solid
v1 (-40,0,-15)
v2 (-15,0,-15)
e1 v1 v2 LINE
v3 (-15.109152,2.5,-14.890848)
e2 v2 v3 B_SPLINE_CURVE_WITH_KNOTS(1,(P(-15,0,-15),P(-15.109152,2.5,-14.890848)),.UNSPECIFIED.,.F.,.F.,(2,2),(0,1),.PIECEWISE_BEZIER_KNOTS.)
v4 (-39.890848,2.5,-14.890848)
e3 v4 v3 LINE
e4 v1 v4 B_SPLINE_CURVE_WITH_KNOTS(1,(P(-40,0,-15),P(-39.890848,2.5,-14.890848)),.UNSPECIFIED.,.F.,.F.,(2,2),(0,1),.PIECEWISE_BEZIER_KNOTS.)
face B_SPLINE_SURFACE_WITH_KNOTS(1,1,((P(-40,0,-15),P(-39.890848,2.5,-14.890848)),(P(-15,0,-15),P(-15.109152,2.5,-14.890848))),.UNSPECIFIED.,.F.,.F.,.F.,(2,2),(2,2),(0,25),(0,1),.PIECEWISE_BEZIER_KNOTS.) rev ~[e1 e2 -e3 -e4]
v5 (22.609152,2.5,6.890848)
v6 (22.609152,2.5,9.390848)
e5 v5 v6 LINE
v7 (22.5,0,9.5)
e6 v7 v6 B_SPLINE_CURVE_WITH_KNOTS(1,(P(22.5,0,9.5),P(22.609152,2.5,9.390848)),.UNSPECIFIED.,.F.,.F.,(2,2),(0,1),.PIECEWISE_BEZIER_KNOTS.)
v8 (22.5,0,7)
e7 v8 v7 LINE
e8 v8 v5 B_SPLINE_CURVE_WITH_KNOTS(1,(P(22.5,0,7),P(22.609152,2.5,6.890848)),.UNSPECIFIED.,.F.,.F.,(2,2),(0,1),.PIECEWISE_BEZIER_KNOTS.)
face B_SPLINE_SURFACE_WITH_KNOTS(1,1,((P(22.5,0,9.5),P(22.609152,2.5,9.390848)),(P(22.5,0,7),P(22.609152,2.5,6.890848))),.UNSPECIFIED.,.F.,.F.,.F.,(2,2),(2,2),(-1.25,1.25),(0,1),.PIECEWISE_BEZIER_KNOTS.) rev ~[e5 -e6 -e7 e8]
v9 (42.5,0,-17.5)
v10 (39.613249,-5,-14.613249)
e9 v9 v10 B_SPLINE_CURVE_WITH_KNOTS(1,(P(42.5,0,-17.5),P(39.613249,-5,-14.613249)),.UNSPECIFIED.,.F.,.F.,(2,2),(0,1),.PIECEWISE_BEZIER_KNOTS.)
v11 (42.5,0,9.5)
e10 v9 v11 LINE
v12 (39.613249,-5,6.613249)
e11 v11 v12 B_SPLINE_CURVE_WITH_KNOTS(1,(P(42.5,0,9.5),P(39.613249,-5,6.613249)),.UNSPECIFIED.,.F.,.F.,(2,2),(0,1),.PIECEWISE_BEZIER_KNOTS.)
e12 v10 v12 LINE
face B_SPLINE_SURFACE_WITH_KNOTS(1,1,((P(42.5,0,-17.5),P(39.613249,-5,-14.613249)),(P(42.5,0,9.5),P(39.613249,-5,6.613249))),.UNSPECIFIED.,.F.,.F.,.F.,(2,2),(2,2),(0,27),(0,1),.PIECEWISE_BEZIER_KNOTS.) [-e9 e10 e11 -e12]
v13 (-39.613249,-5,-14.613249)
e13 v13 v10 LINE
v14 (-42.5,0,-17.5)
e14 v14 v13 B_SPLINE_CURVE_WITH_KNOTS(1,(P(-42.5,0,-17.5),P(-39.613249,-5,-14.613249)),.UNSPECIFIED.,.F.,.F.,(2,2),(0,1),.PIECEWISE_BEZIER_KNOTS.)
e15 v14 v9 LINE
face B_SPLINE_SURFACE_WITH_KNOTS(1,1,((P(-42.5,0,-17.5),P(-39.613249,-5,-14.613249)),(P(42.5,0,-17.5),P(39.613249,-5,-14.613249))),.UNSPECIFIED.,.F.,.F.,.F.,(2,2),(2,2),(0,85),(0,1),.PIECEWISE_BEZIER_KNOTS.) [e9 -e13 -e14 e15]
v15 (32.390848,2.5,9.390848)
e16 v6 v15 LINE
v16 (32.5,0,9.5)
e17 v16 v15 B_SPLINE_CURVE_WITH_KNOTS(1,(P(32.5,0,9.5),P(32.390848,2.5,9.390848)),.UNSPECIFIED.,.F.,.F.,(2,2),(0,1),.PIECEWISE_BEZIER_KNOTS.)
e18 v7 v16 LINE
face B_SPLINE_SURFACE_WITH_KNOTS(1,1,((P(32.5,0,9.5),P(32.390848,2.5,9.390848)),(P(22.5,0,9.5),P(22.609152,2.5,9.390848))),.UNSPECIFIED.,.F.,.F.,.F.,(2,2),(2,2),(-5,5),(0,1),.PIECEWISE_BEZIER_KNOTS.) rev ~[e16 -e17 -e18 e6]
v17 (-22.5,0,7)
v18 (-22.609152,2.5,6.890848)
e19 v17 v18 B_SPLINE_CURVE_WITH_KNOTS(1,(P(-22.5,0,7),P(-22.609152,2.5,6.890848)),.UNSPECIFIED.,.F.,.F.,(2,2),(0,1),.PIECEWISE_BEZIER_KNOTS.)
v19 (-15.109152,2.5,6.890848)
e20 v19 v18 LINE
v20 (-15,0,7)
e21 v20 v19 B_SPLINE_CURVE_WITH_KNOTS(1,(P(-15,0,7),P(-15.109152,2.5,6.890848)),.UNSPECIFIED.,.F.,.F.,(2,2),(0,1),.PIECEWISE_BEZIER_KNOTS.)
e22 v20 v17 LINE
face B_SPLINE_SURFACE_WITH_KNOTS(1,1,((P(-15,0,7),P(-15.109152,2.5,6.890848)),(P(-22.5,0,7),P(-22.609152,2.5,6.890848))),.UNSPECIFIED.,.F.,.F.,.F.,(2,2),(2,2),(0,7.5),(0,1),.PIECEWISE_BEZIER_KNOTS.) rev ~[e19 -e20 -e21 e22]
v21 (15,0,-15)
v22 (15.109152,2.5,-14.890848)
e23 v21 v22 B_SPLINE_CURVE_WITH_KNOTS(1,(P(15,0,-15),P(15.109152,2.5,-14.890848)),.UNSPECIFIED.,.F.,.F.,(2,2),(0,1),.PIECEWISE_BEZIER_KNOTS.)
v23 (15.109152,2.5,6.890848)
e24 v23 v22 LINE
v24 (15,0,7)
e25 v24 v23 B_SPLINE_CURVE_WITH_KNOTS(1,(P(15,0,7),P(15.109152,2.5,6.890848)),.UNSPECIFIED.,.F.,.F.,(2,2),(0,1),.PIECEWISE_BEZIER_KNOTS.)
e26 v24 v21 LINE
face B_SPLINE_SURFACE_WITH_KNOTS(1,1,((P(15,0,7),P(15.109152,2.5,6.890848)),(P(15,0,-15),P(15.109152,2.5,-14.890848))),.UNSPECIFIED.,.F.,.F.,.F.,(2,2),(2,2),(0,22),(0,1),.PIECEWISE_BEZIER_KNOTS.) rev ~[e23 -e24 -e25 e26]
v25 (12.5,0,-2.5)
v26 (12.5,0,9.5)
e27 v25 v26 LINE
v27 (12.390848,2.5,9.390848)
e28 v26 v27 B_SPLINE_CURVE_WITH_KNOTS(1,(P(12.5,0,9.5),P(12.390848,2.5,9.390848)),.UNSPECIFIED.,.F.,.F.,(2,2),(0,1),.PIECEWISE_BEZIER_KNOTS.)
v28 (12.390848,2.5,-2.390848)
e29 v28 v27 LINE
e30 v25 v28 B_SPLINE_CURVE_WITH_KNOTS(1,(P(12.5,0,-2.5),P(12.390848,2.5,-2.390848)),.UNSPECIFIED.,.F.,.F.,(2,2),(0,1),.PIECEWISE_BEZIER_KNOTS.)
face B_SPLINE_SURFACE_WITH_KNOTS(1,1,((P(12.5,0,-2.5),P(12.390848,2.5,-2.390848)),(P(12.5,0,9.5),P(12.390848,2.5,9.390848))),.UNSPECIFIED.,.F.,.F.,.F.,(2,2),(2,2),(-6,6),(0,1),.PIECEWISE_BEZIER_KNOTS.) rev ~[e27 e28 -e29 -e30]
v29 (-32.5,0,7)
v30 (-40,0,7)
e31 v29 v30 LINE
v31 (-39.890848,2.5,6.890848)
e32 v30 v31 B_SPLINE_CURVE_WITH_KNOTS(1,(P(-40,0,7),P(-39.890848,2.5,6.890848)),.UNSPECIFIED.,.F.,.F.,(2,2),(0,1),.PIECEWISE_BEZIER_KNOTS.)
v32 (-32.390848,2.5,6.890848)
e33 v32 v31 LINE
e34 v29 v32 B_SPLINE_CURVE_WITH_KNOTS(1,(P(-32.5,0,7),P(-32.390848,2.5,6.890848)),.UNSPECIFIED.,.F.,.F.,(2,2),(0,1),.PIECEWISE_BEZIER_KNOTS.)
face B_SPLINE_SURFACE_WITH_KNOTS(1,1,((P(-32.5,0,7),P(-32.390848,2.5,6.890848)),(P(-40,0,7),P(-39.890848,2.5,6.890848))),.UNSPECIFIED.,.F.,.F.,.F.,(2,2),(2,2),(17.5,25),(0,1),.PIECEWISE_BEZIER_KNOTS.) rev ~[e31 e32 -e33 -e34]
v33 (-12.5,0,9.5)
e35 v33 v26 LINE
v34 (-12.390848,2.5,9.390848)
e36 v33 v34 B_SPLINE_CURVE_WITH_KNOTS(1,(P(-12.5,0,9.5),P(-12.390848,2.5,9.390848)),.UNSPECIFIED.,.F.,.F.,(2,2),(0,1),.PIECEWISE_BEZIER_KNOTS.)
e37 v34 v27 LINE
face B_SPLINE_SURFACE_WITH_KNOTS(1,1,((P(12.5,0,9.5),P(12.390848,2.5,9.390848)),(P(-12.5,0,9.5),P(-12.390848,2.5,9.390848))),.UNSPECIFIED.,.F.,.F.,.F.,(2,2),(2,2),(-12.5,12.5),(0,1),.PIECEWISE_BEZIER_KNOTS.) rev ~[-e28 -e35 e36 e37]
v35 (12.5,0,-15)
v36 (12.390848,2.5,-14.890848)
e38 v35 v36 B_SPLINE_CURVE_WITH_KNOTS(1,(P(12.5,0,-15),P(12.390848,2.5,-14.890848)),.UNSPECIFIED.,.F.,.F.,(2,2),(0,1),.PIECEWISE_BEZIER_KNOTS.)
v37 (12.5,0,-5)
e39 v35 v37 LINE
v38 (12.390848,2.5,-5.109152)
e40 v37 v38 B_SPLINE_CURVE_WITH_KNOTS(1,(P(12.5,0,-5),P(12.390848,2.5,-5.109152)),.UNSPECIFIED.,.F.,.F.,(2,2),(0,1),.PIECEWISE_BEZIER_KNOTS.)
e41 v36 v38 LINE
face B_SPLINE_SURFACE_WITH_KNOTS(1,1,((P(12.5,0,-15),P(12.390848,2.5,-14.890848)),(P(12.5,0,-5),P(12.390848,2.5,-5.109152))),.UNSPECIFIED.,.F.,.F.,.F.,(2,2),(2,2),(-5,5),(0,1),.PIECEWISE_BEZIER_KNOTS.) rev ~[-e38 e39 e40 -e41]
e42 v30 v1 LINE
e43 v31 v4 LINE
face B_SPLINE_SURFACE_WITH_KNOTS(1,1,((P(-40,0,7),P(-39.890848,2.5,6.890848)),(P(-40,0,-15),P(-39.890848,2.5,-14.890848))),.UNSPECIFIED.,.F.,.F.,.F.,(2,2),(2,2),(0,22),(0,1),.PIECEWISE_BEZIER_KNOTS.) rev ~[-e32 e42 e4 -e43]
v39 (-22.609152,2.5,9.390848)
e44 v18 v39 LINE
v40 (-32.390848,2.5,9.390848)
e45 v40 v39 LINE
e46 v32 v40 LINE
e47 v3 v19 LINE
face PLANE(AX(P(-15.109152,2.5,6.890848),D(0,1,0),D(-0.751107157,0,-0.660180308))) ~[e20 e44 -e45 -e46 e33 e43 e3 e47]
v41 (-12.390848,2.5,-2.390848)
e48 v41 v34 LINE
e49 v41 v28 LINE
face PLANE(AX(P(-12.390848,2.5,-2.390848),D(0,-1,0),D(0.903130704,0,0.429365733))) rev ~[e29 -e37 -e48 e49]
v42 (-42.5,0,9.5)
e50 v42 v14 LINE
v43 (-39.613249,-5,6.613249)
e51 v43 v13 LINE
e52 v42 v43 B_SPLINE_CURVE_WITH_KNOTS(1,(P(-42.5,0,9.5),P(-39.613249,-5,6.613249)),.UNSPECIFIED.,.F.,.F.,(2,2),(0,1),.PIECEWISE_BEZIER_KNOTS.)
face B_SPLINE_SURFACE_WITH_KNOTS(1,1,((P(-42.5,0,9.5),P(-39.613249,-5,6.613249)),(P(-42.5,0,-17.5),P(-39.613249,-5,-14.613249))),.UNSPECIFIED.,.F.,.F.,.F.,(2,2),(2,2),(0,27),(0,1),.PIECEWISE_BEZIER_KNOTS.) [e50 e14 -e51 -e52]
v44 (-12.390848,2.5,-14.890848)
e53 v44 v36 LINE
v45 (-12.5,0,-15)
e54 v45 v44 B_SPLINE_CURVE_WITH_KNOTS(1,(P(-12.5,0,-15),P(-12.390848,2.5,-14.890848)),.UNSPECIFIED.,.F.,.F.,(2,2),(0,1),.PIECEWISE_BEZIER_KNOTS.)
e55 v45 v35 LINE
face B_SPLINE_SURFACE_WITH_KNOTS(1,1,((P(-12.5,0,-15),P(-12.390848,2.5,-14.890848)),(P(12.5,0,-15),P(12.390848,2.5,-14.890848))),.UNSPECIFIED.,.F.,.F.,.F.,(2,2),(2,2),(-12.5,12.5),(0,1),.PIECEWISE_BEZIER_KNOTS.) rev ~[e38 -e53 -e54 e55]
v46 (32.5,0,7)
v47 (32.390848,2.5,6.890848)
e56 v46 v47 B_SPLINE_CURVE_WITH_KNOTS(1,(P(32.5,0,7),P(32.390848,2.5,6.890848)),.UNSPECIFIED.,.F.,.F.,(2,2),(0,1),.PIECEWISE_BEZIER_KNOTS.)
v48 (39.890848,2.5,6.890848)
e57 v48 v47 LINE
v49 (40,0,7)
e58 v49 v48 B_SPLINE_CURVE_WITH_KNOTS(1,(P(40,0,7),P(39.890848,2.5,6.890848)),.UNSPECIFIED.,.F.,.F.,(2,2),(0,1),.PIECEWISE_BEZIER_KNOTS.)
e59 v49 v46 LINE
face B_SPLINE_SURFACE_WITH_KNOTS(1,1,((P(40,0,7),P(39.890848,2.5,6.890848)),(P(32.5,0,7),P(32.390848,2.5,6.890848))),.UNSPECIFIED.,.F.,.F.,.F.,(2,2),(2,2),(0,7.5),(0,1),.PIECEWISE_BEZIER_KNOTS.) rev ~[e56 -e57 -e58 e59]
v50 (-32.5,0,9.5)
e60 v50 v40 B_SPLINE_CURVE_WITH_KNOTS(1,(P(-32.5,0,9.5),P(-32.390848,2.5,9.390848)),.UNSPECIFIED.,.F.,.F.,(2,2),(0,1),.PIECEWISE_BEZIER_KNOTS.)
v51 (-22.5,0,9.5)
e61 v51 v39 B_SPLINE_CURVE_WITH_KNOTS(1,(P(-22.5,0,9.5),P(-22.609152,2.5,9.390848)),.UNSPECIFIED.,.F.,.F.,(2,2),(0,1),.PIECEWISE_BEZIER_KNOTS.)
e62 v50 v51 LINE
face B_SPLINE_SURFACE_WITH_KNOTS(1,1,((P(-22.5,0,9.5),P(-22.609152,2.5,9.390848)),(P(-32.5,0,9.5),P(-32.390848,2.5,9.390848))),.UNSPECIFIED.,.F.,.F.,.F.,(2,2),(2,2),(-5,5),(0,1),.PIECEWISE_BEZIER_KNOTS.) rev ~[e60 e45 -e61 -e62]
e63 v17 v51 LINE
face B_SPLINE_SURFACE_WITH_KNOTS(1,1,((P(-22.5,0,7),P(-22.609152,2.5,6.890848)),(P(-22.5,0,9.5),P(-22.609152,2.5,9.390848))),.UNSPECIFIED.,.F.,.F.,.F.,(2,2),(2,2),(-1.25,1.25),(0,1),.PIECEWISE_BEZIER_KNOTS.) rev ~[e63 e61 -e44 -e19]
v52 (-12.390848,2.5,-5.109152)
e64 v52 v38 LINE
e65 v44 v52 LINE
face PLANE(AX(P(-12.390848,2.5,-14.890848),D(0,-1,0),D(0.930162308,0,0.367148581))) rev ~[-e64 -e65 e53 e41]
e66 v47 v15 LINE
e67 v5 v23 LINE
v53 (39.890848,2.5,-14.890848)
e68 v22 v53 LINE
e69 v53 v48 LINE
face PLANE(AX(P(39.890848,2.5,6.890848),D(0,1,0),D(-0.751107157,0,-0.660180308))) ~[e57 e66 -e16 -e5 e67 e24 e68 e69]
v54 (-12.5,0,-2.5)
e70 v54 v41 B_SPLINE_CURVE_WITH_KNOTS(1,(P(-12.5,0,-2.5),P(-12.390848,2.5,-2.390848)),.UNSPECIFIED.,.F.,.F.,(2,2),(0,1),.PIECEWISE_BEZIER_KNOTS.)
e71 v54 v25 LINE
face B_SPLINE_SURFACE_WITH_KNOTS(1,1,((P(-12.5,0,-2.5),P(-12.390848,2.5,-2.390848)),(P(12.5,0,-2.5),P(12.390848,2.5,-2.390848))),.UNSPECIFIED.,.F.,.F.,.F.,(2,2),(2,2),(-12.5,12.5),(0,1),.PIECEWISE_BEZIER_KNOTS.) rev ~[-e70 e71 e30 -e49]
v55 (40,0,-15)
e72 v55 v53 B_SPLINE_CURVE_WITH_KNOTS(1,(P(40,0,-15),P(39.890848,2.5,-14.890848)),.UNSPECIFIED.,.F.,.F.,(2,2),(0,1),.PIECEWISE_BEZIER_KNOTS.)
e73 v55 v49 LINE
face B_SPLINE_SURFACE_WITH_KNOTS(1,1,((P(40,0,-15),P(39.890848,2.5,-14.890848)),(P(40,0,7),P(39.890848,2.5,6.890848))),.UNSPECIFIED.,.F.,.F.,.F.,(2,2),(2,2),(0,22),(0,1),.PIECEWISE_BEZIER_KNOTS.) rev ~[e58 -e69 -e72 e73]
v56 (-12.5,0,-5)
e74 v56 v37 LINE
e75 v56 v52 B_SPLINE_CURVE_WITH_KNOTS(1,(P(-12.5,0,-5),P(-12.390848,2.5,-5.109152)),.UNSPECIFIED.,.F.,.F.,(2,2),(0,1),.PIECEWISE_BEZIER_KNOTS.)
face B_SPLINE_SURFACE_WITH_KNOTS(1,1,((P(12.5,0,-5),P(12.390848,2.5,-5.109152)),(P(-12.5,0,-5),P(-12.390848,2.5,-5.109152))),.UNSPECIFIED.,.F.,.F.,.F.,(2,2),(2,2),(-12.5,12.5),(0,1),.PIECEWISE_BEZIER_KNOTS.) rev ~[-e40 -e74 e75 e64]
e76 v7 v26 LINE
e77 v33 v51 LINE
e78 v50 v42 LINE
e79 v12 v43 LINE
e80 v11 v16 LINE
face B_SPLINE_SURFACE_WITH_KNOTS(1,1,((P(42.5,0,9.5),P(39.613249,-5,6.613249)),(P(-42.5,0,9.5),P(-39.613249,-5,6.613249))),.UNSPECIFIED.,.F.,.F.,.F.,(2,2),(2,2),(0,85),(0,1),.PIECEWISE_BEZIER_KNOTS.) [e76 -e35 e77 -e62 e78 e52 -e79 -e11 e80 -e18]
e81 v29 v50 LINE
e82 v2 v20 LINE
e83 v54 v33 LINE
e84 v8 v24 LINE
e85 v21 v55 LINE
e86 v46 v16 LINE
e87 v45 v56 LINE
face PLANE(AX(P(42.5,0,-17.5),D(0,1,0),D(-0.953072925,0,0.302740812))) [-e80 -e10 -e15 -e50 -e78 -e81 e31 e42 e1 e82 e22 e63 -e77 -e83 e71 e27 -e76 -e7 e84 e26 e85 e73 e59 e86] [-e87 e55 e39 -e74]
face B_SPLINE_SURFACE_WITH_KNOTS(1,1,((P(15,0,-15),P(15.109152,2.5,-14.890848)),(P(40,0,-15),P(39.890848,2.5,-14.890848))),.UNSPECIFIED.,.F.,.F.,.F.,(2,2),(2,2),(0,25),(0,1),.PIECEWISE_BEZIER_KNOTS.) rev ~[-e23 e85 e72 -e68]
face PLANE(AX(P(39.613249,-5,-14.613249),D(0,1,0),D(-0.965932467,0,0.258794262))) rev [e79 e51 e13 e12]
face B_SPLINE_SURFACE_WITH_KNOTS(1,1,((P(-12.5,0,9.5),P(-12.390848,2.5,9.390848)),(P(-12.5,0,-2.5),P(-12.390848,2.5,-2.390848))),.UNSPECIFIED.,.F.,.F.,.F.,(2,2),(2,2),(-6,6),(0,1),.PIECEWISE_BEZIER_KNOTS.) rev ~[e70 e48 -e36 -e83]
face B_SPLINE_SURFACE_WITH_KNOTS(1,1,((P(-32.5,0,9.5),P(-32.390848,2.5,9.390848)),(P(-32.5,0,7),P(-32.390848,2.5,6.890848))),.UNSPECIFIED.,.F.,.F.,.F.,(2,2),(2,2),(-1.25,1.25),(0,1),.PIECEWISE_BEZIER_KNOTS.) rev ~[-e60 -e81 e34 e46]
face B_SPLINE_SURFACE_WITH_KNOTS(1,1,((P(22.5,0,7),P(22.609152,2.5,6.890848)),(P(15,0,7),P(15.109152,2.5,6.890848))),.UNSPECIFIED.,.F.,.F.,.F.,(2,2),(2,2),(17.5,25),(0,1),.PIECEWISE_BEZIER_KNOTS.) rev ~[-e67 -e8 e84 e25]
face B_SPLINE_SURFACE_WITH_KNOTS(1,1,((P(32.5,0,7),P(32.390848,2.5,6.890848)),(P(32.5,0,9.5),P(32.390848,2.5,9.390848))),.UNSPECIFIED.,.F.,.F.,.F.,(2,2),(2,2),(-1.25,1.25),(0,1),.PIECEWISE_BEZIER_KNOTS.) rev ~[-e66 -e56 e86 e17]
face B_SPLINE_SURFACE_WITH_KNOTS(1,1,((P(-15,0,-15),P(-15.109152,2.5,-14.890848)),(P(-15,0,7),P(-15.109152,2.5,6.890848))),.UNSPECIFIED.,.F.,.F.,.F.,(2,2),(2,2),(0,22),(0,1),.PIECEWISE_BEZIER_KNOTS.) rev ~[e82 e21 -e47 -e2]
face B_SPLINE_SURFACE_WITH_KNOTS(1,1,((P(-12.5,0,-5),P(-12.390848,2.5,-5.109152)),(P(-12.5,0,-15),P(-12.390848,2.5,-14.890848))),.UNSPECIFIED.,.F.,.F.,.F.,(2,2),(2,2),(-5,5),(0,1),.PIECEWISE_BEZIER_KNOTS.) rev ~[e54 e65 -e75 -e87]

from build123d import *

# Parameters (mm, degrees)
F0_W     = 25
F0_H     = 10
F0_W_2   = 10
F0_H_2   = 2.5
F0_H_3   = 12
F1_DEPTH = 5
F1_TAPER = 30
F2_DEPTH = 2.5
F2_TAPER = 2.5


with BuildPart() as f1:
    # F0 (on Front) → F1 (new body)
    with BuildSketch(Plane.XZ):
        Polygon((42.5, -17.5), (42.5, 9.5), (32.5, 9.5), (32.5, 7), (40, 7), (40, -15), (15, -15), (15, 7), (22.5, 7), (22.5, 9.5), (12.5, 9.5), (12.5, -2.5), (-12.5, -2.5), (-12.5, 9.5), (-22.5, 9.5), (-22.5, 7), (-15, 7), (-15, -15), (-40, -15), (-40, 7), (-32.5, 7), (-32.5, 9.5), (-42.5, 9.5), (-42.5, -17.5), align=None)
        with Locations((0, -10)):
            Rectangle(F0_W, F0_H, mode=Mode.SUBTRACT)
        with Locations((27.5, 8.25)):
            Rectangle(F0_W_2, F0_H_2)
        Polygon((40, 7), (32.5, 7), (22.5, 7), (15, 7), (15, -15), (40, -15), align=None)
        with Locations((0, 3.5)):
            Rectangle(F0_W, F0_H_3)
        with Locations((0, -10)):
            Rectangle(F0_W, F0_H)
        Polygon((-15, 7), (-22.5, 7), (-32.5, 7), (-40, 7), (-40, -15), (-15, -15), align=None)
        with Locations((-27.5, 8.25)):
            Rectangle(F0_W_2, F0_H_2)
    extrude(amount=F1_DEPTH, taper=F1_TAPER)

    # F0 (on Front) → F2 (join)
    with BuildSketch(Plane.XZ):
        Polygon((40, 7), (32.5, 7), (22.5, 7), (15, 7), (15, -15), (40, -15), align=None)
        Polygon((-15, 7), (-22.5, 7), (-32.5, 7), (-40, 7), (-40, -15), (-15, -15), align=None)
        with Locations((0, -10)):
            Rectangle(F0_W, F0_H)
        with Locations((0, 3.5)):
            Rectangle(F0_W, F0_H_3)
        with Locations((27.5, 8.25)):
            Rectangle(F0_W_2, F0_H_2)
        with Locations((-27.5, 8.25)):
            Rectangle(F0_W_2, F0_H_2)
    extrude(amount=-F2_DEPTH, taper=F2_TAPER)


solid = f1.part
